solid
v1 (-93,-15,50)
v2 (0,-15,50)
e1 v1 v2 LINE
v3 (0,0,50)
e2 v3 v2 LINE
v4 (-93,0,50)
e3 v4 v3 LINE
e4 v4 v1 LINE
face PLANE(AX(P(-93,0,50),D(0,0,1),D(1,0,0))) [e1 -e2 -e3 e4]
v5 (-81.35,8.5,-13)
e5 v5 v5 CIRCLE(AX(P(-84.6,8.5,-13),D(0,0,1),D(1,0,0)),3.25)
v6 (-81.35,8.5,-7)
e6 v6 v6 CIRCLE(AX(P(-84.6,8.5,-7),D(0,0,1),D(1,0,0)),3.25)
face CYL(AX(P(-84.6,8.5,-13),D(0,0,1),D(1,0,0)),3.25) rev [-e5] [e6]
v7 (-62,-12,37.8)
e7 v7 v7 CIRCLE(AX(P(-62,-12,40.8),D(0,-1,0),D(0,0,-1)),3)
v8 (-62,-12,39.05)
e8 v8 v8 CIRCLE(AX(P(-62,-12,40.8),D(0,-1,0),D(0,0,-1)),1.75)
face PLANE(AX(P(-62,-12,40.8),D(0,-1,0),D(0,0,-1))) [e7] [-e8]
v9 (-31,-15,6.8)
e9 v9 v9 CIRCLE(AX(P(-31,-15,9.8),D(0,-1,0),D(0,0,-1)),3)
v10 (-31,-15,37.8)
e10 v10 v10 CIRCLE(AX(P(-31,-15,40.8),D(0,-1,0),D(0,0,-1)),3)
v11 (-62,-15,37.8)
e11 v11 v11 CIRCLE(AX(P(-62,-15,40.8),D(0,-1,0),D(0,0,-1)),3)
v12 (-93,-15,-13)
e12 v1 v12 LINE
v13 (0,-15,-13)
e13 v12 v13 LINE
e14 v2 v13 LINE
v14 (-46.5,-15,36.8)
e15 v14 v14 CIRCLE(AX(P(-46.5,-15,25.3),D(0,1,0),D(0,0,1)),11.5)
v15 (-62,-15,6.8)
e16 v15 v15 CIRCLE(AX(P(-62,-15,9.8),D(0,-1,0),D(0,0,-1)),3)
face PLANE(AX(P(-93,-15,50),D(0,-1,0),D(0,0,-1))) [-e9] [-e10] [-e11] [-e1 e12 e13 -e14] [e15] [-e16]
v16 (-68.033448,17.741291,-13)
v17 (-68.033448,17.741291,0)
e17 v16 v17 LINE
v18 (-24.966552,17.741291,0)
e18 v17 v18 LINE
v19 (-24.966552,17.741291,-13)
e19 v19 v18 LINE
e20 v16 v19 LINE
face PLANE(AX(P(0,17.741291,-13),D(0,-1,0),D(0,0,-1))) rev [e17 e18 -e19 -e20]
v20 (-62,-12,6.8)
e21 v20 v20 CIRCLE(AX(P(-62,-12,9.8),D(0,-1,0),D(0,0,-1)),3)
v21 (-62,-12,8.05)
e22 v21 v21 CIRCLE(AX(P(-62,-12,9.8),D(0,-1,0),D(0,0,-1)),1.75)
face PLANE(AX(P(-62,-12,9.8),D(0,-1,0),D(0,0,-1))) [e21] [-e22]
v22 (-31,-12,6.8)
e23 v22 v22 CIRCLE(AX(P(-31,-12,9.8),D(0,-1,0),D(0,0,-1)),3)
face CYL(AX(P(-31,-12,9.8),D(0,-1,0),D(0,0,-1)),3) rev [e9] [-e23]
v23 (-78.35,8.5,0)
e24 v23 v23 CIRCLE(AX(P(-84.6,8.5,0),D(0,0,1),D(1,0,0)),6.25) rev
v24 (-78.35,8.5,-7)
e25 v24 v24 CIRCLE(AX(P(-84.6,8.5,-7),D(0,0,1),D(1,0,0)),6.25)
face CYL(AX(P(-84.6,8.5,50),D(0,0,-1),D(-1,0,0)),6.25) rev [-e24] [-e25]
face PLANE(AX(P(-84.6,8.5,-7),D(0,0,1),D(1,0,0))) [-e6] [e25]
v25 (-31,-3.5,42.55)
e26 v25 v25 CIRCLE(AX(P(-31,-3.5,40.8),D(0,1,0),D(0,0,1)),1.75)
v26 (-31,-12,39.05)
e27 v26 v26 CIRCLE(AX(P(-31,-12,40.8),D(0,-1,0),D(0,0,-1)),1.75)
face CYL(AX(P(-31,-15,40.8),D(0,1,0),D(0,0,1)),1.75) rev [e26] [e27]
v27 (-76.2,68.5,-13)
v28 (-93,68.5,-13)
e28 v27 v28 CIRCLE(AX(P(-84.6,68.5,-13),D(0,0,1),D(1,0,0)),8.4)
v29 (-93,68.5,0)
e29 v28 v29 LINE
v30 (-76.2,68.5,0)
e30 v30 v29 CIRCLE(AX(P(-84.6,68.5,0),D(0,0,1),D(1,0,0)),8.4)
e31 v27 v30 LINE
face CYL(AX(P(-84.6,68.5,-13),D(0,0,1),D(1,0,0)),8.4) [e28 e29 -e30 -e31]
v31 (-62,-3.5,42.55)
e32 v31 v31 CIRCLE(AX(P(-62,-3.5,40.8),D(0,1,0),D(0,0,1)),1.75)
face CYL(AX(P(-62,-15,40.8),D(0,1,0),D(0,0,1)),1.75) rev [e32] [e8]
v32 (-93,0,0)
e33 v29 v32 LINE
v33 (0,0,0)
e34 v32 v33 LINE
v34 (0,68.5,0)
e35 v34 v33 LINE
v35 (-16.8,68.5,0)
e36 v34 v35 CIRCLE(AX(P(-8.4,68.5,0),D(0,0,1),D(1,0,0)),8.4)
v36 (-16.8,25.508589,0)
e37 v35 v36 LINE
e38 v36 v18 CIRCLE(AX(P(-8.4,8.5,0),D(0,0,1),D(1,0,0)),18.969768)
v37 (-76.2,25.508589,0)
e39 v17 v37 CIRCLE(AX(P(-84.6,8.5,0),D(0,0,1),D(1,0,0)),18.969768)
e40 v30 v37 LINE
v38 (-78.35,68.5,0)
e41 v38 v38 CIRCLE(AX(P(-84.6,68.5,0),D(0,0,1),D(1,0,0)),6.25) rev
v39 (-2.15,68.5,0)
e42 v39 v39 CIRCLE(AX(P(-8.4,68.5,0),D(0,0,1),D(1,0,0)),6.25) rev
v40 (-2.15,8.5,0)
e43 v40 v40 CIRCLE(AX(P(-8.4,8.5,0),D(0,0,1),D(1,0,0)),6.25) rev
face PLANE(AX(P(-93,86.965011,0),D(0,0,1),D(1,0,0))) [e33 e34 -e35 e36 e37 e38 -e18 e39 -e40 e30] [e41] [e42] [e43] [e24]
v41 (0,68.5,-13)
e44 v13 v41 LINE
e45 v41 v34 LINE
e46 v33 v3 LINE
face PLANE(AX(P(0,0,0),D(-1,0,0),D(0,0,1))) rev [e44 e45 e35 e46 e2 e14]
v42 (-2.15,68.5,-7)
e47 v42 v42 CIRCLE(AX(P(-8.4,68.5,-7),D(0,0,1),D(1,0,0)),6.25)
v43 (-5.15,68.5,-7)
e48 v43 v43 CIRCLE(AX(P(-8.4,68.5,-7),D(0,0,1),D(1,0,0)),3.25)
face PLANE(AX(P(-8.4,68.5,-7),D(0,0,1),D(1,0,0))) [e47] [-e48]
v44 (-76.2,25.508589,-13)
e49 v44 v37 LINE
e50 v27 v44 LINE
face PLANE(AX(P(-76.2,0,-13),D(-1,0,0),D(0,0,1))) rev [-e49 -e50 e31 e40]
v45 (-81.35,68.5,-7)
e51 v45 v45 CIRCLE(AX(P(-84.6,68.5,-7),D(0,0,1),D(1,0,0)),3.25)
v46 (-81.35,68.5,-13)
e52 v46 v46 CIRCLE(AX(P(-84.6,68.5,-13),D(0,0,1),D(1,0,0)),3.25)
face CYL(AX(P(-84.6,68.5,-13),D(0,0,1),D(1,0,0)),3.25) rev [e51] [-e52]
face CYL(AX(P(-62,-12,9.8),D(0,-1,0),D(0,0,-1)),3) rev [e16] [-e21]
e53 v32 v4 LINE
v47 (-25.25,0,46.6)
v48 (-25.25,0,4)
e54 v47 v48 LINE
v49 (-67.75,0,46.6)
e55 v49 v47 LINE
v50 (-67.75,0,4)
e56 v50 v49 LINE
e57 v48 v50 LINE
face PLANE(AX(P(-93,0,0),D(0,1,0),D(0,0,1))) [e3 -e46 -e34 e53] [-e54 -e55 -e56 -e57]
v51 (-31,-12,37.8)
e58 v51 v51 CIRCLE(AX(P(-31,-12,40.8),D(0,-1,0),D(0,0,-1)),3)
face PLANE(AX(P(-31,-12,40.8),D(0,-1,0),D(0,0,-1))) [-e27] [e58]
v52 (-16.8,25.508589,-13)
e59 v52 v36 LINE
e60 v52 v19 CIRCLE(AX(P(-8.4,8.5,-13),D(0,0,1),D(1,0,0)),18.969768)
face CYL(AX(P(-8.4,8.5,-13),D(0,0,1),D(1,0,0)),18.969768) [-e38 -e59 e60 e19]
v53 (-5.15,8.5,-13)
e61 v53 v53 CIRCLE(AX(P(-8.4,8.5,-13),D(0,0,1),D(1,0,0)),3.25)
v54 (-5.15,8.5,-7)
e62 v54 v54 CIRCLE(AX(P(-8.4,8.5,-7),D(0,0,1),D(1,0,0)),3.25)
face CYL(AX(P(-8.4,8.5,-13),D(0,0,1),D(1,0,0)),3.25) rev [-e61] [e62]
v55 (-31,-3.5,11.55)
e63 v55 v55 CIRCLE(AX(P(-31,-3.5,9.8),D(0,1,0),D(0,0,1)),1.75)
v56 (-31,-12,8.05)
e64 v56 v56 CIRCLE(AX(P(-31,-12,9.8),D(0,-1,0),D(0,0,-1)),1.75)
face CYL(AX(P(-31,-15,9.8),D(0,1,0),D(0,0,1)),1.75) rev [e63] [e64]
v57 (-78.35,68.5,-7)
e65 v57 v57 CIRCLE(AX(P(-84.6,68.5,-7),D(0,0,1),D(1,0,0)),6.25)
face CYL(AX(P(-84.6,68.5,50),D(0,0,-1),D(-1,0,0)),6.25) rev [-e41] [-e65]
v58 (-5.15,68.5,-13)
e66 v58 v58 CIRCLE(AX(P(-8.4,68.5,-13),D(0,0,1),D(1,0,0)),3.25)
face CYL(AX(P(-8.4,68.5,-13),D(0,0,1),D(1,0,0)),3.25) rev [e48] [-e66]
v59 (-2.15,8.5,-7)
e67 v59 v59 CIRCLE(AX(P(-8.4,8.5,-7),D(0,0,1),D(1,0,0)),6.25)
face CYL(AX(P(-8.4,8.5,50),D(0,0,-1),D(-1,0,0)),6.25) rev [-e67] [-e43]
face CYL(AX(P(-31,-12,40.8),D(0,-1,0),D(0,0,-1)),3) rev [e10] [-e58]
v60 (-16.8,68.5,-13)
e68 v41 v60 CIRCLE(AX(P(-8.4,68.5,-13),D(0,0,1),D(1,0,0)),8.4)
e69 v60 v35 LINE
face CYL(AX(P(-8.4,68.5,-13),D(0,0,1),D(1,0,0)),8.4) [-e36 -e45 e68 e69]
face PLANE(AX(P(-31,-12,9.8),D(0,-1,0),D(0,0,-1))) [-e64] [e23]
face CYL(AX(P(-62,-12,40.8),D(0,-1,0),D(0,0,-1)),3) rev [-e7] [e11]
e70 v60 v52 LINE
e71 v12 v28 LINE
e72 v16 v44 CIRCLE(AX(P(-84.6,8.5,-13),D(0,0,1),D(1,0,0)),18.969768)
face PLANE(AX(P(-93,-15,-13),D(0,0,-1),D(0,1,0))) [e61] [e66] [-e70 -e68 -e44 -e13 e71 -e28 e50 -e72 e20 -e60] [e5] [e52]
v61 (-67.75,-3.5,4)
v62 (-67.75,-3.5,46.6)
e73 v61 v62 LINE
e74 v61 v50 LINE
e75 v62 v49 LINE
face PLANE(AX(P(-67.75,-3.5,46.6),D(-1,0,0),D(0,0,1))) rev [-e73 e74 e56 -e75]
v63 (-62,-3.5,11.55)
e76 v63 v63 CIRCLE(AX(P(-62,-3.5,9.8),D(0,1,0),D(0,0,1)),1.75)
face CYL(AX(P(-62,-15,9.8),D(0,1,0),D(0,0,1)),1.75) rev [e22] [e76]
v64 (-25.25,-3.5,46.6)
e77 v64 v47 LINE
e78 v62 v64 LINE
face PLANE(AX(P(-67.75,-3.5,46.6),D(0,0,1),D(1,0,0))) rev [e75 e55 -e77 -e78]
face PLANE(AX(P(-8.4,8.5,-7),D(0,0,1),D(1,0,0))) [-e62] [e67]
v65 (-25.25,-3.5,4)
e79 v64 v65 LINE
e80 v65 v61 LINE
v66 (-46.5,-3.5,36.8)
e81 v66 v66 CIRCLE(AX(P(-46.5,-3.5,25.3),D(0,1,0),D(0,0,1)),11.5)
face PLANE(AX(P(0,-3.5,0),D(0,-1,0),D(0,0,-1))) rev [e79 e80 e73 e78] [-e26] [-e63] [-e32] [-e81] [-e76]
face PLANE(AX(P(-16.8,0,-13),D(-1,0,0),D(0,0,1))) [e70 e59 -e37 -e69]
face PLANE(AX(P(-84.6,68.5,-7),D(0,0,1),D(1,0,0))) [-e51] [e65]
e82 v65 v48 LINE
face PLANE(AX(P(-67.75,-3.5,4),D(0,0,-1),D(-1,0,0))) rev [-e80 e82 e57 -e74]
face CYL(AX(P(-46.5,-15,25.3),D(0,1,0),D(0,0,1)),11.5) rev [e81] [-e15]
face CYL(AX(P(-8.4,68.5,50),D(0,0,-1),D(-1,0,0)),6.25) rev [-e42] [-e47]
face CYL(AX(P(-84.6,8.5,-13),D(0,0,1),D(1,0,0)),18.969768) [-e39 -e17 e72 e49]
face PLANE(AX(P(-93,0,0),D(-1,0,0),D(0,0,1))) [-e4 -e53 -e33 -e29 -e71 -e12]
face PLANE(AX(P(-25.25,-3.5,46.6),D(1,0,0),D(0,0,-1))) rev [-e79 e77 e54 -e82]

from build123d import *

# Parameters (mm, degrees)
BOSS_EXTRUDE1_DEPTH     = 93
SKETCH2_W               = 42.5
SKETCH2_H               = 42.6
CUT_EXTRUDE1_DEPTH      = 3.5
SKETCH3_R               = 11.5
CUT_EXTRUDE2_DEPTH      = 12.5
SKETCH4_R               = 1.75
CUT_EXTRUDE3_DEPTH      = 12.5
CUT_EXTRUDE4_START      = -11.5
SKETCH4_3_R             = 3
SKETCH4_3_R_2           = 1.75
CUT_EXTRUDE4_DEPTH      = 3
SKETCH5_R               = 3.25
CUT_EXTRUDE5_DEPTH      = 51
CUT_EXTRUDE5_DEPTH_BACK = 14
SKETCH5_3_R             = 6.25
SKETCH5_3_R_2           = 3.25
CUT_EXTRUDE6_DEPTH      = 51
CUT_EXTRUDE6_DEPTH_BACK = 7
CUT_EXTRUDE7_DEPTH      = 14


with BuildPart() as part:
    # Sketch1 → Boss-Extrude1 (new body)
    with BuildSketch(Plane(origin=(0, 0, 0), x_dir=(0, 0, -1), z_dir=(1, 0, 0))):
        Polygon((0, 0), (-50, 0), (-50, -15), (13, -15), (13, 86.965010888), (0, 86.965010888), align=None)
    extrude(amount=-BOSS_EXTRUDE1_DEPTH)

    # Sketch2 → Cut-Extrude1 (cut)
    with BuildSketch(Plane(origin=(0, 0, 0), x_dir=(1, 0, 0), z_dir=(0, 1, 0))):
        with Locations((-46.5, -25.3)):
            Rectangle(SKETCH2_W, SKETCH2_H)
    extrude(amount=-CUT_EXTRUDE1_DEPTH, mode=Mode.SUBTRACT)

    # Sketch3 → Cut-Extrude2 (cut, through all)
    with BuildSketch(Plane(origin=(0, -3.5, 0), x_dir=(1, 0, 0), z_dir=(0, 1, 0))):
        with Locations((-46.5, -25.3)):
            Circle(SKETCH3_R)
    extrude(amount=-CUT_EXTRUDE2_DEPTH, mode=Mode.SUBTRACT)

    # Sketch4 → Cut-Extrude3 (cut, through all)
    with BuildSketch(Plane(origin=(0, -3.5, 0), x_dir=(1, 0, 0), z_dir=(0, 1, 0))):
        with Locations((-62, -9.8)):
            Circle(SKETCH4_R)
        with Locations((-31, -9.8)):
            Circle(SKETCH4_R)
        with Locations((-31, -40.8)):
            Circle(SKETCH4_R)
        with Locations((-62, -40.8)):
            Circle(SKETCH4_R)
    extrude(amount=-CUT_EXTRUDE3_DEPTH, mode=Mode.SUBTRACT)

    # Sketch4_3 → Cut-Extrude4 (cut)
    with BuildSketch(Plane(origin=(0, -3.5, 0), x_dir=(1, 0, 0), z_dir=(0, 1, 0)).offset(CUT_EXTRUDE4_START)):
        with Locations((-62, -9.8)):
            Circle(SKETCH4_3_R)
        with Locations((-62, -9.8)):
            Circle(SKETCH4_3_R_2, mode=Mode.SUBTRACT)
        with Locations((-31, -9.8)):
            Circle(SKETCH4_3_R)
        with Locations((-31, -9.8)):
            Circle(SKETCH4_3_R_2, mode=Mode.SUBTRACT)
        with Locations((-31, -40.8)):
            Circle(SKETCH4_3_R)
        with Locations((-31, -40.8)):
            Circle(SKETCH4_3_R_2, mode=Mode.SUBTRACT)
        with Locations((-62, -40.8)):
            Circle(SKETCH4_3_R)
        with Locations((-62, -40.8)):
            Circle(SKETCH4_3_R_2, mode=Mode.SUBTRACT)
    extrude(amount=CUT_EXTRUDE4_DEPTH, mode=Mode.SUBTRACT)

    # Sketch5 → Cut-Extrude5 (cut, two sides)
    with BuildSketch(Plane.XY) as cut_extrude5_sk:
        with Locations((-84.6, 68.5)):
            Circle(SKETCH5_R)
        with Locations((-8.4, 68.5)):
            Circle(SKETCH5_R)
        with Locations((-8.4, 8.5)):
            Circle(SKETCH5_R)
        with Locations((-84.6, 8.5)):
            Circle(SKETCH5_R)
    extrude(amount=CUT_EXTRUDE5_DEPTH, mode=Mode.SUBTRACT)
    extrude(cut_extrude5_sk.sketch, amount=-CUT_EXTRUDE5_DEPTH_BACK, mode=Mode.SUBTRACT)

    # Sketch5_3 → Cut-Extrude6 (cut, two sides)
    with BuildSketch(Plane.XY) as cut_extrude6_sk:
        with Locations((-84.6, 68.5)):
            Circle(SKETCH5_3_R)
        with Locations((-84.6, 68.5)):
            Circle(SKETCH5_3_R_2, mode=Mode.SUBTRACT)
        with Locations((-84.6, 8.5)):
            Circle(SKETCH5_3_R)
        with Locations((-84.6, 8.5)):
            Circle(SKETCH5_3_R_2, mode=Mode.SUBTRACT)
        with Locations((-8.4, 8.5)):
            Circle(SKETCH5_3_R)
        with Locations((-8.4, 8.5)):
            Circle(SKETCH5_3_R_2, mode=Mode.SUBTRACT)
        with Locations((-8.4, 68.5)):
            Circle(SKETCH5_3_R)
        with Locations((-8.4, 68.5)):
            Circle(SKETCH5_3_R_2, mode=Mode.SUBTRACT)
    extrude(amount=CUT_EXTRUDE6_DEPTH, mode=Mode.SUBTRACT)
    extrude(cut_extrude6_sk.sketch, amount=-CUT_EXTRUDE6_DEPTH_BACK, mode=Mode.SUBTRACT)

    # Sketch7 → Cut-Extrude7 (cut, through all)
    with BuildSketch(Plane.XY):
        with BuildLine():
            Line((-93, 86.965010888), (-93, 68.5))
            ThreePointArc((-93, 68.5), (-84.6, 76.9), (-76.2, 68.5))
            Line((-76.2, 68.5), (-76.2, 25.508589177))
            ThreePointArc((-76.2, 25.508589177), (-71.526556974, 22.245442635), (-68.033447852, 17.741290803))
            Line((-68.033447852, 17.741290803), (-24.966552148, 17.741290803))
            ThreePointArc((-24.966552148, 17.741290803), (-21.473443026, 22.245442635), (-16.8, 25.508589177))
            Line((-16.8, 25.508589177), (-16.8, 68.5))
            ThreePointArc((-16.8, 68.5), (-8.4, 76.9), (0, 68.5))
            Line((0, 68.5), (0, 86.965010888))
            Line((0, 86.965010888), (-93, 86.965010888))
        make_face()
    extrude(amount=-CUT_EXTRUDE7_DEPTH, mode=Mode.SUBTRACT)


solid = part.part
